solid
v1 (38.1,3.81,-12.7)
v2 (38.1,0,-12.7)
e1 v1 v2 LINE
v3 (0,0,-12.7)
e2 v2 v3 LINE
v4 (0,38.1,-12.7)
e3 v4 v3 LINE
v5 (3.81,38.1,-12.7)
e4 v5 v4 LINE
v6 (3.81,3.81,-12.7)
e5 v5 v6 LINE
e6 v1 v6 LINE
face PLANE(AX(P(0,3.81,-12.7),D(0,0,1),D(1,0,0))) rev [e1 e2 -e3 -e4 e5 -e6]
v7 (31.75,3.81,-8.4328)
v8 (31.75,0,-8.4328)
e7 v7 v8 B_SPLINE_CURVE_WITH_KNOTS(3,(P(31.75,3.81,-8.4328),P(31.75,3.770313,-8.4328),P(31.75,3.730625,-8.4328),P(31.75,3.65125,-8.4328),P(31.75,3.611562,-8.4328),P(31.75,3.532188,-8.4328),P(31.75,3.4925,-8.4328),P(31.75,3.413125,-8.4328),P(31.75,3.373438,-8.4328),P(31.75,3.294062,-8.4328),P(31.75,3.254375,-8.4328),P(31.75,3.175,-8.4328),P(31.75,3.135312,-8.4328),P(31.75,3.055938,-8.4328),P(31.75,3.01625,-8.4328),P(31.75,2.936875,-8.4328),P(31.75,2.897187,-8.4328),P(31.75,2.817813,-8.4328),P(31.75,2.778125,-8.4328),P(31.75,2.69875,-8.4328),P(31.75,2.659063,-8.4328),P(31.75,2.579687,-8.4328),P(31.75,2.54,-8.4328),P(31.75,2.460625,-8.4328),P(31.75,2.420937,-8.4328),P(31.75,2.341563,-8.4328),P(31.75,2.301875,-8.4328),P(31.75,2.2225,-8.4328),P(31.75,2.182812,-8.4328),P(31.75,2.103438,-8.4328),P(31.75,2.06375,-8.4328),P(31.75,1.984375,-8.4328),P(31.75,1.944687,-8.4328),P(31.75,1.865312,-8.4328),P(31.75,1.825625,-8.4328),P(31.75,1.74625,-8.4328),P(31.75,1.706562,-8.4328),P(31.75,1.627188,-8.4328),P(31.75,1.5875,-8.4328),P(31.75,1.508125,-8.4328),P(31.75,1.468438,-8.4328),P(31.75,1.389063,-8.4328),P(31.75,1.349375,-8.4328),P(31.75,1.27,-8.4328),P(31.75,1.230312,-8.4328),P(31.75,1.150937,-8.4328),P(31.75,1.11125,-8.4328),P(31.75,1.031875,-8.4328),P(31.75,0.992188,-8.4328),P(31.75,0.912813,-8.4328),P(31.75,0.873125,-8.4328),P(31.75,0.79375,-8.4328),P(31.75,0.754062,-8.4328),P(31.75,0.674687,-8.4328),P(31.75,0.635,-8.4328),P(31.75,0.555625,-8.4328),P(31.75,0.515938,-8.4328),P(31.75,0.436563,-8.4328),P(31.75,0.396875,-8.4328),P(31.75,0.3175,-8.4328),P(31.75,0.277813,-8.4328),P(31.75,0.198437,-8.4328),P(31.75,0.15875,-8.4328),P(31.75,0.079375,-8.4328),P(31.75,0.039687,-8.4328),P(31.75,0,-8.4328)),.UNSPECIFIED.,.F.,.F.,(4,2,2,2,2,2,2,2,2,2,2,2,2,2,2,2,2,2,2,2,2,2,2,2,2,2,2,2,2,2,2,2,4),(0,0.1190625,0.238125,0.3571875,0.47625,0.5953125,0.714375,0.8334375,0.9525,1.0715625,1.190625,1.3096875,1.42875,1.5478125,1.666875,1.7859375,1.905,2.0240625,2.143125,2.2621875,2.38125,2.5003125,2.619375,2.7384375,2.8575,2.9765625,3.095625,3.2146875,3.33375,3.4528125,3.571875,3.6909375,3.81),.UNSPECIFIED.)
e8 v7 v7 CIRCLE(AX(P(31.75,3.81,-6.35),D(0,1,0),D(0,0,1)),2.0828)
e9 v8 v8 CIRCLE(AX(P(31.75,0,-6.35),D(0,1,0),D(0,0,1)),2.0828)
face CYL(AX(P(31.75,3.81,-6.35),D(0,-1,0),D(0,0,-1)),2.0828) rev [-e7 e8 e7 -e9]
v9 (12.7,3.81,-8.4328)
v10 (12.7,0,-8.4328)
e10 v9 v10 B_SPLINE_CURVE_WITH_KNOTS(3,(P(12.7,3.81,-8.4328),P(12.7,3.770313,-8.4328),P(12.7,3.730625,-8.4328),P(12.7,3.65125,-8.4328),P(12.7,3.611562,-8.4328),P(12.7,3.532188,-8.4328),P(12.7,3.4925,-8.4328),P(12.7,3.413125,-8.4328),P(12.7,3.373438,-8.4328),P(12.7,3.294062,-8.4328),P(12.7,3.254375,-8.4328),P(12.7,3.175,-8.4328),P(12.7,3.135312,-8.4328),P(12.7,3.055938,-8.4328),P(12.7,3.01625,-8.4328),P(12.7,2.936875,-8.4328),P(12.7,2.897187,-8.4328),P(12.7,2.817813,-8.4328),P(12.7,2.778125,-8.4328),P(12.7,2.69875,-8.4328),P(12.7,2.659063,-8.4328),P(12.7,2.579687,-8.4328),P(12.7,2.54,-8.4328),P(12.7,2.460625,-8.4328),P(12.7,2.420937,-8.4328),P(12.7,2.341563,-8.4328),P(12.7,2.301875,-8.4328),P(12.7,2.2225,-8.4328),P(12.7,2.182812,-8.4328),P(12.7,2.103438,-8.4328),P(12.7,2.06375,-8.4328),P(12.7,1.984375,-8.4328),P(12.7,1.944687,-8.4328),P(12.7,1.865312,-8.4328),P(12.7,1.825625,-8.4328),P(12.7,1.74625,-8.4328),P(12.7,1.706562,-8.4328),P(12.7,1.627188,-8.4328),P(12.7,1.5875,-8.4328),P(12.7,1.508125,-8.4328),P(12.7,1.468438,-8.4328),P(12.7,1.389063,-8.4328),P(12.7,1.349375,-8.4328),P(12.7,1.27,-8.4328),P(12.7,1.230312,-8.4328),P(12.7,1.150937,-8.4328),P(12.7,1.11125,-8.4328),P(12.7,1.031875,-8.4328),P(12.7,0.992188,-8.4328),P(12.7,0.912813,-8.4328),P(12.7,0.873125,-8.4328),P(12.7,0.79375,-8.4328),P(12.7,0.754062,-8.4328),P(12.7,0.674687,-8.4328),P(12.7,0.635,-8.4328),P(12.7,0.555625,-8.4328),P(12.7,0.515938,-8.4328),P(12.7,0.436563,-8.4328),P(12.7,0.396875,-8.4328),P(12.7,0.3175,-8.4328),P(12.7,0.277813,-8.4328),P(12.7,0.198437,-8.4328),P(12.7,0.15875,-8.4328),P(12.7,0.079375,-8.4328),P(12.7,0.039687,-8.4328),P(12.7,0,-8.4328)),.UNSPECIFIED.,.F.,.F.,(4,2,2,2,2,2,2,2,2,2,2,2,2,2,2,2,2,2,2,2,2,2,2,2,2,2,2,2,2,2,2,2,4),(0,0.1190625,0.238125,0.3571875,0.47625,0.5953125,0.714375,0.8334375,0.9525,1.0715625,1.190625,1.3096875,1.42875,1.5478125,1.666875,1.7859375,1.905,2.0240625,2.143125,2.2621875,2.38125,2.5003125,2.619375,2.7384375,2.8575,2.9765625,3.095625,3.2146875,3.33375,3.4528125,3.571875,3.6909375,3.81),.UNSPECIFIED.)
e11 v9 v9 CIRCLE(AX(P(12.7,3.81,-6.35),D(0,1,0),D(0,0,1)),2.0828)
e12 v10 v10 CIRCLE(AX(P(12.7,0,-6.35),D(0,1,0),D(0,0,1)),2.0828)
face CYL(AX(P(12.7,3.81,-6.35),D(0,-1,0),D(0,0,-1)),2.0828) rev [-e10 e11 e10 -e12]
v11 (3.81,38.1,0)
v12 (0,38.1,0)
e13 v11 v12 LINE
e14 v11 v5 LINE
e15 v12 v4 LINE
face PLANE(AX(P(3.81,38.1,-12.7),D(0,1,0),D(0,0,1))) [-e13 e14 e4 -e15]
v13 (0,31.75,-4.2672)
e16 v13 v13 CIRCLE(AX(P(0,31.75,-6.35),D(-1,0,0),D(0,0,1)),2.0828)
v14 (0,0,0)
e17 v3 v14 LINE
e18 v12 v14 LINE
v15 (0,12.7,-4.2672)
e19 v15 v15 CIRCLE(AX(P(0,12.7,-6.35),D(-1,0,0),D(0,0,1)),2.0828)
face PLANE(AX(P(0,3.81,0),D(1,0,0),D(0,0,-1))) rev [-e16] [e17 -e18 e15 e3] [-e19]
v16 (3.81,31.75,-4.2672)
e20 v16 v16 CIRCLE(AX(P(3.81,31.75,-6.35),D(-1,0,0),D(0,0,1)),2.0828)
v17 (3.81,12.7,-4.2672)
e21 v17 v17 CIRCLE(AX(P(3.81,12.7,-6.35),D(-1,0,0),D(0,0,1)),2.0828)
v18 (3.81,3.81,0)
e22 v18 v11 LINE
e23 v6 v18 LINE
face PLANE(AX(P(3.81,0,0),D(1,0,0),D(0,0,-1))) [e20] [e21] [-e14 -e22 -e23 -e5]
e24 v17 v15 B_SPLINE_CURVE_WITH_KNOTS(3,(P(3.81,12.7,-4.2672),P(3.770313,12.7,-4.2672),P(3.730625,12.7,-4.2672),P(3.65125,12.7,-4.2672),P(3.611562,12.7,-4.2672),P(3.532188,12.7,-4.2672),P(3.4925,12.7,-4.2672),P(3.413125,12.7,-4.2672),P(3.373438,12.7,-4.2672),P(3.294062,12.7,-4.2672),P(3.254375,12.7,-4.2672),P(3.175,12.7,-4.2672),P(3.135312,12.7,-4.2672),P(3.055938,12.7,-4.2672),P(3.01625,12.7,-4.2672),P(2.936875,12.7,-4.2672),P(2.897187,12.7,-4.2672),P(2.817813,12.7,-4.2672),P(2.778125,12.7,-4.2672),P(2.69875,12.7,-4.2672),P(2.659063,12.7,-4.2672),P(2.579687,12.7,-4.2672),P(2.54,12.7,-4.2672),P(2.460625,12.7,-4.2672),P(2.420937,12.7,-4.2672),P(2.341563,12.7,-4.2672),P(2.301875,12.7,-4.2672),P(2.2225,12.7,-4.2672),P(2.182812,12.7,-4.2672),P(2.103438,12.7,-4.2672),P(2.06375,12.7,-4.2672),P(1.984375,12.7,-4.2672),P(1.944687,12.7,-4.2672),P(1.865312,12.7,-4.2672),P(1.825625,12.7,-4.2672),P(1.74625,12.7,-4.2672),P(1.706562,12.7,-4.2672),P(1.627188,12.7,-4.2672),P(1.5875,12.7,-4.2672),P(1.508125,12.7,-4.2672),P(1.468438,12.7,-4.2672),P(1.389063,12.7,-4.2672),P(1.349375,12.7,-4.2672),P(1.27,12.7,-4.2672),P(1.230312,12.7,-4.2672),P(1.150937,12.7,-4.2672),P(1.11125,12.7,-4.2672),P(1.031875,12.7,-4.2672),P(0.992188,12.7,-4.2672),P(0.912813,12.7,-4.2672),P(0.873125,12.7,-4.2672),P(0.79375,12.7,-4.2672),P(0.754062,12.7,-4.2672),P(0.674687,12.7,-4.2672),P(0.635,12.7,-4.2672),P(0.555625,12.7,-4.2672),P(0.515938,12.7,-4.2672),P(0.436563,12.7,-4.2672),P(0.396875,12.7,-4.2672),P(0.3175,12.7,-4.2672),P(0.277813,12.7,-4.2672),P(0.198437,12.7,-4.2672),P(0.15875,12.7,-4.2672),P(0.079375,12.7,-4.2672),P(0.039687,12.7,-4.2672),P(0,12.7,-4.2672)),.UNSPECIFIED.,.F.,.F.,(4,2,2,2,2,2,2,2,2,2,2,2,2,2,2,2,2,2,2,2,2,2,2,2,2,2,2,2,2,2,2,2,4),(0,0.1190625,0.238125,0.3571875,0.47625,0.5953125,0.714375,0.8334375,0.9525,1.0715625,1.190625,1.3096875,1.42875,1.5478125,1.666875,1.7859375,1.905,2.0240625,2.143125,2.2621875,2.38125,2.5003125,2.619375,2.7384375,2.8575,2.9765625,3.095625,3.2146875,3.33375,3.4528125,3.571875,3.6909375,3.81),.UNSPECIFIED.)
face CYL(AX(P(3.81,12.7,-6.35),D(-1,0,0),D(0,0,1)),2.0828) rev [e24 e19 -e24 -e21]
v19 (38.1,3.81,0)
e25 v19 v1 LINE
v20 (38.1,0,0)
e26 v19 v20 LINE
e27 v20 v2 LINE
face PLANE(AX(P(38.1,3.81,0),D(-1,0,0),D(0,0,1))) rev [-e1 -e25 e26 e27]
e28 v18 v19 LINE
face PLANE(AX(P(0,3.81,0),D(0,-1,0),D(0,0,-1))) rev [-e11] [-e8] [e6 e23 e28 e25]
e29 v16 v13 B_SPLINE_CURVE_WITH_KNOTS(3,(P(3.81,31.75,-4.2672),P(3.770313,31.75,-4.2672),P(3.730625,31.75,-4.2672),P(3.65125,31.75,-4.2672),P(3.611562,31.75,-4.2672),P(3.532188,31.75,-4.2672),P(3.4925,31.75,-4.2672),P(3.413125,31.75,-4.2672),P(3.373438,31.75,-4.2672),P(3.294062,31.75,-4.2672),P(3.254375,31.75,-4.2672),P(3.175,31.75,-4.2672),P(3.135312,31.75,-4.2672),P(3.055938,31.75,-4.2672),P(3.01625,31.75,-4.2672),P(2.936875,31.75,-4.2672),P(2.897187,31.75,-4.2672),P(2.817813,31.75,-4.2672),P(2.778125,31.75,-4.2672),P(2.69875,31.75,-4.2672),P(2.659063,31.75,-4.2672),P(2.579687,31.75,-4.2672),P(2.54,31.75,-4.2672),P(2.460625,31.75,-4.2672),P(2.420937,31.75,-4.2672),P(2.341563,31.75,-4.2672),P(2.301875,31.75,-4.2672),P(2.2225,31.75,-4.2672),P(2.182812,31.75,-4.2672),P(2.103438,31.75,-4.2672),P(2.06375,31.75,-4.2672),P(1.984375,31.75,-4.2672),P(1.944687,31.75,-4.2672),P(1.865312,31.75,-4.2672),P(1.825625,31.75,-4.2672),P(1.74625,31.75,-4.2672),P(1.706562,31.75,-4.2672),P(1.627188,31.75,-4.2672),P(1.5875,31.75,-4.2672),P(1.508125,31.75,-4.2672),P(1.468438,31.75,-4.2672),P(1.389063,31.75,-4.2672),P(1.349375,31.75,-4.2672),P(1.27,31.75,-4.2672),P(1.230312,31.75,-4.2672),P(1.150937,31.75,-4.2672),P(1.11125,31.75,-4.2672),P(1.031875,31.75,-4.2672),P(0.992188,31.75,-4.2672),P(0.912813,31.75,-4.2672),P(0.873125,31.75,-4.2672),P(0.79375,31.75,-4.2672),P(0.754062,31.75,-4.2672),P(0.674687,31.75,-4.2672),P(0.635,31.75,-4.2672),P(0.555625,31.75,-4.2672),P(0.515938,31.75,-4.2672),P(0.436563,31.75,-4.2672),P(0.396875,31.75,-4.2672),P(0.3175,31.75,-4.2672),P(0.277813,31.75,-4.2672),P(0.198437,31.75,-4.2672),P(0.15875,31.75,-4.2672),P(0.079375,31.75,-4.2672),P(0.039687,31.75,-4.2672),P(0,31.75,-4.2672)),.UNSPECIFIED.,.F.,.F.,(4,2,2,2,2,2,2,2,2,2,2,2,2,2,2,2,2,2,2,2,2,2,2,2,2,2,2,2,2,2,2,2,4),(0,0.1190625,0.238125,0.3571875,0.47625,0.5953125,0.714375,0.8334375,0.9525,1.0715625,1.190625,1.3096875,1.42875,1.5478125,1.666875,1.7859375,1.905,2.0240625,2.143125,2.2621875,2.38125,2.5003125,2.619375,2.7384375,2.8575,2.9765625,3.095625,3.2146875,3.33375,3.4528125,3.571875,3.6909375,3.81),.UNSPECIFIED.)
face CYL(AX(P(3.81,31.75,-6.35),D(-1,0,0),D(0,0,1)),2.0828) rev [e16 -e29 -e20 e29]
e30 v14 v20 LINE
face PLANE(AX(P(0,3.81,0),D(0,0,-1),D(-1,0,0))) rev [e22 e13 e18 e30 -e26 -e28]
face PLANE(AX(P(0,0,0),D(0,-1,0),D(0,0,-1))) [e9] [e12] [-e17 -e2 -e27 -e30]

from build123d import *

# Parameters (mm, degrees)
SKETCH1_W           = 38.1
SKETCH1_H           = 12.7
SKETCH1_R           = 2.0828
BOSS_EXTRUDE1_DEPTH = 3.81
SKETCH2_W           = 12.7
SKETCH2_H           = 38.1
SKETCH2_R           = 2.0828
BOSS_EXTRUDE2_DEPTH = 3.81


with BuildPart() as part:
    # Sketch1 → Boss-Extrude1 (new body)
    with BuildSketch(Plane(origin=(0, 0, 0), x_dir=(1, 0, 0), z_dir=(0, 1, 0))):
        with Locations((19.05, 6.35)):
            Rectangle(SKETCH1_W, SKETCH1_H)
        with Locations(Location((12.7, 6.35, 0), (0, 0, 90))):
            Circle(SKETCH1_R, mode=Mode.SUBTRACT)
        with Locations(Location((31.75, 6.35, 0), (0, 0, 90))):
            Circle(SKETCH1_R, mode=Mode.SUBTRACT)
    extrude(amount=BOSS_EXTRUDE1_DEPTH)

    # Sketch2 → Boss-Extrude2 (add)
    with BuildSketch(Plane.ZY):
        with Locations((-6.35, 19.05)):
            Rectangle(SKETCH2_W, SKETCH2_H)
        with Locations((-6.35, 31.75)):
            Circle(SKETCH2_R, mode=Mode.SUBTRACT)
        with Locations((-6.35, 12.7)):
            Circle(SKETCH2_R, mode=Mode.SUBTRACT)
    extrude(amount=-BOSS_EXTRUDE2_DEPTH)


solid = part.part
